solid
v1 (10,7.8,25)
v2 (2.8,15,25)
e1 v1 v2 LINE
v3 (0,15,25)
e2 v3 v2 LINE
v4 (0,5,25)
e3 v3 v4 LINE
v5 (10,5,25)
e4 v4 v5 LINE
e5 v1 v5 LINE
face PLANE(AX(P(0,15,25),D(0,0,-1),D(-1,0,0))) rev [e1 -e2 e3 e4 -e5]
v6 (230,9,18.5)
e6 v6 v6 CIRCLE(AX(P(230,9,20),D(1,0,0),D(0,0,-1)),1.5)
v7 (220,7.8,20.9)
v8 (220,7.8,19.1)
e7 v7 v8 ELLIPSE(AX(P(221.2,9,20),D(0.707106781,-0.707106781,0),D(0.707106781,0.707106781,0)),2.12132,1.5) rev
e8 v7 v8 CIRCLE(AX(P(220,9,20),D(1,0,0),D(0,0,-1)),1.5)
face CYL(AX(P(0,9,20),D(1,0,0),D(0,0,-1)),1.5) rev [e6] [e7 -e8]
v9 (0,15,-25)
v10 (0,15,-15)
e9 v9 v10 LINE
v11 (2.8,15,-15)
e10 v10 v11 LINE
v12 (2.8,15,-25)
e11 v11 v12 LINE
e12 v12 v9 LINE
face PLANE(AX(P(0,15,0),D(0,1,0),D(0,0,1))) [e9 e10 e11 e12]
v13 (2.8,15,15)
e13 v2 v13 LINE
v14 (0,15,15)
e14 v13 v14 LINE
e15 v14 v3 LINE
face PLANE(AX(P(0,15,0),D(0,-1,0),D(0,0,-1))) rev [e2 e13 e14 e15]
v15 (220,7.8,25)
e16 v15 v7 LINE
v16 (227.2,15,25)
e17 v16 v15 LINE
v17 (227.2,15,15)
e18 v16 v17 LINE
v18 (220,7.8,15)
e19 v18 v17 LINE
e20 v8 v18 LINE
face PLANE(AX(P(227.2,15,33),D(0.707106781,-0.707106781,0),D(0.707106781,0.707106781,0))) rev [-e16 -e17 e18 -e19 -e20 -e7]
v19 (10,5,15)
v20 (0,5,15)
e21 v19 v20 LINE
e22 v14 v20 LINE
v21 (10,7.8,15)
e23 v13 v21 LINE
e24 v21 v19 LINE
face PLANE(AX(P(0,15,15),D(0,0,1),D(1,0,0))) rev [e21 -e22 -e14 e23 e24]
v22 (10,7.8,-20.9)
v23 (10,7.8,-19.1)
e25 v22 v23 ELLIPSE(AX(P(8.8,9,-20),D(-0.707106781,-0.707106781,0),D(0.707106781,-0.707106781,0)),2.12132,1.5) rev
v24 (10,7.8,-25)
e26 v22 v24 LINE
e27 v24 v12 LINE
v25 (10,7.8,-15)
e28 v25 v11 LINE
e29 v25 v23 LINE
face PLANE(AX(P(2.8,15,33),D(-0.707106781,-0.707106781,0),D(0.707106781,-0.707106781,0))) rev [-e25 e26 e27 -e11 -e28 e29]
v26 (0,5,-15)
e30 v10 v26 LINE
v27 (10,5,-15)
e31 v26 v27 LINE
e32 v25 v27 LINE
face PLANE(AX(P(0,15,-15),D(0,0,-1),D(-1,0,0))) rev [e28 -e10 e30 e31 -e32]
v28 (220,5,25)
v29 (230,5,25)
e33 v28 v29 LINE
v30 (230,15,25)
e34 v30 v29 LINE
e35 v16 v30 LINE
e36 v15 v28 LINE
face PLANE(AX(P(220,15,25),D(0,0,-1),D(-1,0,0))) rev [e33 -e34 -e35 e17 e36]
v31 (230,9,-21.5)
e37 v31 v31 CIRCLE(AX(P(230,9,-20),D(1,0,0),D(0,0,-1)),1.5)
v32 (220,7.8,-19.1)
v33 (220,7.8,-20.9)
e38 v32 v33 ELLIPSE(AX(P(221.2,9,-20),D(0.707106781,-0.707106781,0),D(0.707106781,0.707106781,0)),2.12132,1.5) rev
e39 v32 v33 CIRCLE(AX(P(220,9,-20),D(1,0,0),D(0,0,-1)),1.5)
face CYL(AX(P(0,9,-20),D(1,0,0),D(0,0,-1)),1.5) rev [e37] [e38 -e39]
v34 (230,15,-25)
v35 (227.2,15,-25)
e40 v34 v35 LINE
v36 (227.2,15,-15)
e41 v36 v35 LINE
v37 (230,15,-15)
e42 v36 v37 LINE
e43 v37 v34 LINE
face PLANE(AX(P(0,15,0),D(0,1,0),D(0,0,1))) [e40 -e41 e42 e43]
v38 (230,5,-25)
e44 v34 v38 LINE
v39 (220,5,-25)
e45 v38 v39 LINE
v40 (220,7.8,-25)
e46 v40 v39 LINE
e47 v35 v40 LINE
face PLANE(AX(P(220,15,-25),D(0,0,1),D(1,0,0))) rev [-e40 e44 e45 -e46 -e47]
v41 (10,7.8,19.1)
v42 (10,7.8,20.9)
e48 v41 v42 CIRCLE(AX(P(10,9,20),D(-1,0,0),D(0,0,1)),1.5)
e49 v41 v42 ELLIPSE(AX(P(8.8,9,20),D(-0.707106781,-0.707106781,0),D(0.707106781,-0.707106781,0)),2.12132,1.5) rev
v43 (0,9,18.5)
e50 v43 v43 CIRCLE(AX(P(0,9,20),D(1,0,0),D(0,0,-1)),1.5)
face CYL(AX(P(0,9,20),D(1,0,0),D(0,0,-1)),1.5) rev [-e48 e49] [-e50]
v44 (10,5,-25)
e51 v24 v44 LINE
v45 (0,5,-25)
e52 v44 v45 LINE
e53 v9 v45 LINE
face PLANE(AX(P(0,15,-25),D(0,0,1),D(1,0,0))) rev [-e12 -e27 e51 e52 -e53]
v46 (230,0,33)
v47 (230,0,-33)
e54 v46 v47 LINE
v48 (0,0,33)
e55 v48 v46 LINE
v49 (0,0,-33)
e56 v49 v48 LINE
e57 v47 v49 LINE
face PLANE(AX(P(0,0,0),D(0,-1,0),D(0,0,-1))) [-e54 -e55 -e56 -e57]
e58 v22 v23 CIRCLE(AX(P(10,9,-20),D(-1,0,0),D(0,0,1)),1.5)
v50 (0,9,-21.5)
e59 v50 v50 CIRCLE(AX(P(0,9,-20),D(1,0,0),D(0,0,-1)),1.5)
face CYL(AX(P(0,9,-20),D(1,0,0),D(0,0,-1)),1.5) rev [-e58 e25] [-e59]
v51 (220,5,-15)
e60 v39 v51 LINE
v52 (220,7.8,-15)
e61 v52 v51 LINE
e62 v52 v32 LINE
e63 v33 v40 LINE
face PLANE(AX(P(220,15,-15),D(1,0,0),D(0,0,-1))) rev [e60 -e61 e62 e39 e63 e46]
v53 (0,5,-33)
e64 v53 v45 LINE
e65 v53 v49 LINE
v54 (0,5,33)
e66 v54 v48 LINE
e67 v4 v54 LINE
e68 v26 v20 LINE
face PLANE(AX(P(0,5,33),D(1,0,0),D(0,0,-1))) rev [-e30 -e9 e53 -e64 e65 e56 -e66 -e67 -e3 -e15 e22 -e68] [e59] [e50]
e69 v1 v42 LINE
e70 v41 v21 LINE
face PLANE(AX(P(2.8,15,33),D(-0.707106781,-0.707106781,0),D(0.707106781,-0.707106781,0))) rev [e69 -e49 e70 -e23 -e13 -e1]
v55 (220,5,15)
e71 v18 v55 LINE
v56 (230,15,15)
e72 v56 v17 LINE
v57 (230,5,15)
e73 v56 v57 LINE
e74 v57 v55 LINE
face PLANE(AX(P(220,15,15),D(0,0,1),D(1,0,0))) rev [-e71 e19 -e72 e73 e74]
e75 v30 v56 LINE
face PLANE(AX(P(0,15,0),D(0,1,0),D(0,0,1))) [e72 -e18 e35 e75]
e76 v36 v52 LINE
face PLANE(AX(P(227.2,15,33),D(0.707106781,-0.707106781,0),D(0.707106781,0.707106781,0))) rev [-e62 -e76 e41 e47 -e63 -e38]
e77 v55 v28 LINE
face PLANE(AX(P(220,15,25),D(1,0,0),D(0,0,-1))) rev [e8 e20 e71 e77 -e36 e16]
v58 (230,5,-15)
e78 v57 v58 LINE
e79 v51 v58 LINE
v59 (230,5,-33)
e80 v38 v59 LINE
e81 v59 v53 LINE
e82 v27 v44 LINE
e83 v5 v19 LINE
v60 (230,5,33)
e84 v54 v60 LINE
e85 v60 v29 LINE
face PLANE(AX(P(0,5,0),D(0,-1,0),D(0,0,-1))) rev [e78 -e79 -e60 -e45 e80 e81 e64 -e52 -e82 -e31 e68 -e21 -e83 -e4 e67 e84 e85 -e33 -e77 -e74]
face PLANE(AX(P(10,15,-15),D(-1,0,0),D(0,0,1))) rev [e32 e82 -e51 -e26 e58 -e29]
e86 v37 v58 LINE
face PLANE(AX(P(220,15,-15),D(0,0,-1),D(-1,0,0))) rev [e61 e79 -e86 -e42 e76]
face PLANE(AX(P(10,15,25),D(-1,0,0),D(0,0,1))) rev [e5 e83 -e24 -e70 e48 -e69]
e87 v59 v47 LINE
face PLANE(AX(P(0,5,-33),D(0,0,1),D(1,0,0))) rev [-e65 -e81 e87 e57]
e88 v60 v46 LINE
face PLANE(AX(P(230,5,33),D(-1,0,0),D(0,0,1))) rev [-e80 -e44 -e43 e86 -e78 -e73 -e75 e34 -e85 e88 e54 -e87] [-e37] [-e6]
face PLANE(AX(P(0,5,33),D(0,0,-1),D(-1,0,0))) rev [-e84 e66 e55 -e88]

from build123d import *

# Parameters (mm, degrees)
SKETCH1_W           = 230
SKETCH1_H           = 66
BOSS_EXTRUDE1_DEPTH = 5
SKETCH2_W           = 10
SKETCH2_H           = 10
BOSS_EXTRUDE2_DEPTH = 10
SKETCH3_R           = 1.5
CUT_EXTRUDE1_DEPTH  = 233.83900017
CUT_EXTRUDE2_DEPTH  = 238.67414668


with BuildPart() as part:
    # Sketch1 → Boss-Extrude1 (new body)
    with BuildSketch(Plane(origin=(0, 0, 0), x_dir=(1, 0, 0), z_dir=(0, 1, 0))):
        with Locations((115, 0)):
            Rectangle(SKETCH1_W, SKETCH1_H)
    extrude(amount=BOSS_EXTRUDE1_DEPTH)

    # Sketch2 → Boss-Extrude2 (add)
    with BuildSketch(Plane(origin=(0, 5, 0), x_dir=(1, 0, 0), z_dir=(0, 1, 0))):
        with Locations((5, -20)):
            Rectangle(SKETCH2_W, SKETCH2_H)
        with Locations((225, -20)):
            Rectangle(SKETCH2_W, SKETCH2_H)
        with Locations((225, 20)):
            Rectangle(SKETCH2_W, SKETCH2_H)
        with Locations((5, 20)):
            Rectangle(SKETCH2_W, SKETCH2_H)
    extrude(amount=BOSS_EXTRUDE2_DEPTH)

    # Sketch3 → Cut-Extrude1 (cut, through all)
    with BuildSketch(Plane(origin=(230, 0, 0), x_dir=(0, 0, -1), z_dir=(1, 0, 0))):
        with Locations((-20, 9)):
            Circle(SKETCH3_R)
        with Locations((20, 9)):
            Circle(SKETCH3_R)
    extrude(amount=-CUT_EXTRUDE1_DEPTH, mode=Mode.SUBTRACT)

    # Sketch4 → Cut-Extrude2 (cut, through all)
    with BuildSketch(Plane(origin=(0, 0, -25), x_dir=(-1, 0, 0), z_dir=(0, 0, -1))):
        Polygon((-227.2, 15), (-220, 7.8), (-220, 15), align=None)
        Polygon((-2.8, 15), (-10, 15), (-10, 7.8), align=None)
    extrude(amount=-CUT_EXTRUDE2_DEPTH, mode=Mode.SUBTRACT)


solid = part.part
